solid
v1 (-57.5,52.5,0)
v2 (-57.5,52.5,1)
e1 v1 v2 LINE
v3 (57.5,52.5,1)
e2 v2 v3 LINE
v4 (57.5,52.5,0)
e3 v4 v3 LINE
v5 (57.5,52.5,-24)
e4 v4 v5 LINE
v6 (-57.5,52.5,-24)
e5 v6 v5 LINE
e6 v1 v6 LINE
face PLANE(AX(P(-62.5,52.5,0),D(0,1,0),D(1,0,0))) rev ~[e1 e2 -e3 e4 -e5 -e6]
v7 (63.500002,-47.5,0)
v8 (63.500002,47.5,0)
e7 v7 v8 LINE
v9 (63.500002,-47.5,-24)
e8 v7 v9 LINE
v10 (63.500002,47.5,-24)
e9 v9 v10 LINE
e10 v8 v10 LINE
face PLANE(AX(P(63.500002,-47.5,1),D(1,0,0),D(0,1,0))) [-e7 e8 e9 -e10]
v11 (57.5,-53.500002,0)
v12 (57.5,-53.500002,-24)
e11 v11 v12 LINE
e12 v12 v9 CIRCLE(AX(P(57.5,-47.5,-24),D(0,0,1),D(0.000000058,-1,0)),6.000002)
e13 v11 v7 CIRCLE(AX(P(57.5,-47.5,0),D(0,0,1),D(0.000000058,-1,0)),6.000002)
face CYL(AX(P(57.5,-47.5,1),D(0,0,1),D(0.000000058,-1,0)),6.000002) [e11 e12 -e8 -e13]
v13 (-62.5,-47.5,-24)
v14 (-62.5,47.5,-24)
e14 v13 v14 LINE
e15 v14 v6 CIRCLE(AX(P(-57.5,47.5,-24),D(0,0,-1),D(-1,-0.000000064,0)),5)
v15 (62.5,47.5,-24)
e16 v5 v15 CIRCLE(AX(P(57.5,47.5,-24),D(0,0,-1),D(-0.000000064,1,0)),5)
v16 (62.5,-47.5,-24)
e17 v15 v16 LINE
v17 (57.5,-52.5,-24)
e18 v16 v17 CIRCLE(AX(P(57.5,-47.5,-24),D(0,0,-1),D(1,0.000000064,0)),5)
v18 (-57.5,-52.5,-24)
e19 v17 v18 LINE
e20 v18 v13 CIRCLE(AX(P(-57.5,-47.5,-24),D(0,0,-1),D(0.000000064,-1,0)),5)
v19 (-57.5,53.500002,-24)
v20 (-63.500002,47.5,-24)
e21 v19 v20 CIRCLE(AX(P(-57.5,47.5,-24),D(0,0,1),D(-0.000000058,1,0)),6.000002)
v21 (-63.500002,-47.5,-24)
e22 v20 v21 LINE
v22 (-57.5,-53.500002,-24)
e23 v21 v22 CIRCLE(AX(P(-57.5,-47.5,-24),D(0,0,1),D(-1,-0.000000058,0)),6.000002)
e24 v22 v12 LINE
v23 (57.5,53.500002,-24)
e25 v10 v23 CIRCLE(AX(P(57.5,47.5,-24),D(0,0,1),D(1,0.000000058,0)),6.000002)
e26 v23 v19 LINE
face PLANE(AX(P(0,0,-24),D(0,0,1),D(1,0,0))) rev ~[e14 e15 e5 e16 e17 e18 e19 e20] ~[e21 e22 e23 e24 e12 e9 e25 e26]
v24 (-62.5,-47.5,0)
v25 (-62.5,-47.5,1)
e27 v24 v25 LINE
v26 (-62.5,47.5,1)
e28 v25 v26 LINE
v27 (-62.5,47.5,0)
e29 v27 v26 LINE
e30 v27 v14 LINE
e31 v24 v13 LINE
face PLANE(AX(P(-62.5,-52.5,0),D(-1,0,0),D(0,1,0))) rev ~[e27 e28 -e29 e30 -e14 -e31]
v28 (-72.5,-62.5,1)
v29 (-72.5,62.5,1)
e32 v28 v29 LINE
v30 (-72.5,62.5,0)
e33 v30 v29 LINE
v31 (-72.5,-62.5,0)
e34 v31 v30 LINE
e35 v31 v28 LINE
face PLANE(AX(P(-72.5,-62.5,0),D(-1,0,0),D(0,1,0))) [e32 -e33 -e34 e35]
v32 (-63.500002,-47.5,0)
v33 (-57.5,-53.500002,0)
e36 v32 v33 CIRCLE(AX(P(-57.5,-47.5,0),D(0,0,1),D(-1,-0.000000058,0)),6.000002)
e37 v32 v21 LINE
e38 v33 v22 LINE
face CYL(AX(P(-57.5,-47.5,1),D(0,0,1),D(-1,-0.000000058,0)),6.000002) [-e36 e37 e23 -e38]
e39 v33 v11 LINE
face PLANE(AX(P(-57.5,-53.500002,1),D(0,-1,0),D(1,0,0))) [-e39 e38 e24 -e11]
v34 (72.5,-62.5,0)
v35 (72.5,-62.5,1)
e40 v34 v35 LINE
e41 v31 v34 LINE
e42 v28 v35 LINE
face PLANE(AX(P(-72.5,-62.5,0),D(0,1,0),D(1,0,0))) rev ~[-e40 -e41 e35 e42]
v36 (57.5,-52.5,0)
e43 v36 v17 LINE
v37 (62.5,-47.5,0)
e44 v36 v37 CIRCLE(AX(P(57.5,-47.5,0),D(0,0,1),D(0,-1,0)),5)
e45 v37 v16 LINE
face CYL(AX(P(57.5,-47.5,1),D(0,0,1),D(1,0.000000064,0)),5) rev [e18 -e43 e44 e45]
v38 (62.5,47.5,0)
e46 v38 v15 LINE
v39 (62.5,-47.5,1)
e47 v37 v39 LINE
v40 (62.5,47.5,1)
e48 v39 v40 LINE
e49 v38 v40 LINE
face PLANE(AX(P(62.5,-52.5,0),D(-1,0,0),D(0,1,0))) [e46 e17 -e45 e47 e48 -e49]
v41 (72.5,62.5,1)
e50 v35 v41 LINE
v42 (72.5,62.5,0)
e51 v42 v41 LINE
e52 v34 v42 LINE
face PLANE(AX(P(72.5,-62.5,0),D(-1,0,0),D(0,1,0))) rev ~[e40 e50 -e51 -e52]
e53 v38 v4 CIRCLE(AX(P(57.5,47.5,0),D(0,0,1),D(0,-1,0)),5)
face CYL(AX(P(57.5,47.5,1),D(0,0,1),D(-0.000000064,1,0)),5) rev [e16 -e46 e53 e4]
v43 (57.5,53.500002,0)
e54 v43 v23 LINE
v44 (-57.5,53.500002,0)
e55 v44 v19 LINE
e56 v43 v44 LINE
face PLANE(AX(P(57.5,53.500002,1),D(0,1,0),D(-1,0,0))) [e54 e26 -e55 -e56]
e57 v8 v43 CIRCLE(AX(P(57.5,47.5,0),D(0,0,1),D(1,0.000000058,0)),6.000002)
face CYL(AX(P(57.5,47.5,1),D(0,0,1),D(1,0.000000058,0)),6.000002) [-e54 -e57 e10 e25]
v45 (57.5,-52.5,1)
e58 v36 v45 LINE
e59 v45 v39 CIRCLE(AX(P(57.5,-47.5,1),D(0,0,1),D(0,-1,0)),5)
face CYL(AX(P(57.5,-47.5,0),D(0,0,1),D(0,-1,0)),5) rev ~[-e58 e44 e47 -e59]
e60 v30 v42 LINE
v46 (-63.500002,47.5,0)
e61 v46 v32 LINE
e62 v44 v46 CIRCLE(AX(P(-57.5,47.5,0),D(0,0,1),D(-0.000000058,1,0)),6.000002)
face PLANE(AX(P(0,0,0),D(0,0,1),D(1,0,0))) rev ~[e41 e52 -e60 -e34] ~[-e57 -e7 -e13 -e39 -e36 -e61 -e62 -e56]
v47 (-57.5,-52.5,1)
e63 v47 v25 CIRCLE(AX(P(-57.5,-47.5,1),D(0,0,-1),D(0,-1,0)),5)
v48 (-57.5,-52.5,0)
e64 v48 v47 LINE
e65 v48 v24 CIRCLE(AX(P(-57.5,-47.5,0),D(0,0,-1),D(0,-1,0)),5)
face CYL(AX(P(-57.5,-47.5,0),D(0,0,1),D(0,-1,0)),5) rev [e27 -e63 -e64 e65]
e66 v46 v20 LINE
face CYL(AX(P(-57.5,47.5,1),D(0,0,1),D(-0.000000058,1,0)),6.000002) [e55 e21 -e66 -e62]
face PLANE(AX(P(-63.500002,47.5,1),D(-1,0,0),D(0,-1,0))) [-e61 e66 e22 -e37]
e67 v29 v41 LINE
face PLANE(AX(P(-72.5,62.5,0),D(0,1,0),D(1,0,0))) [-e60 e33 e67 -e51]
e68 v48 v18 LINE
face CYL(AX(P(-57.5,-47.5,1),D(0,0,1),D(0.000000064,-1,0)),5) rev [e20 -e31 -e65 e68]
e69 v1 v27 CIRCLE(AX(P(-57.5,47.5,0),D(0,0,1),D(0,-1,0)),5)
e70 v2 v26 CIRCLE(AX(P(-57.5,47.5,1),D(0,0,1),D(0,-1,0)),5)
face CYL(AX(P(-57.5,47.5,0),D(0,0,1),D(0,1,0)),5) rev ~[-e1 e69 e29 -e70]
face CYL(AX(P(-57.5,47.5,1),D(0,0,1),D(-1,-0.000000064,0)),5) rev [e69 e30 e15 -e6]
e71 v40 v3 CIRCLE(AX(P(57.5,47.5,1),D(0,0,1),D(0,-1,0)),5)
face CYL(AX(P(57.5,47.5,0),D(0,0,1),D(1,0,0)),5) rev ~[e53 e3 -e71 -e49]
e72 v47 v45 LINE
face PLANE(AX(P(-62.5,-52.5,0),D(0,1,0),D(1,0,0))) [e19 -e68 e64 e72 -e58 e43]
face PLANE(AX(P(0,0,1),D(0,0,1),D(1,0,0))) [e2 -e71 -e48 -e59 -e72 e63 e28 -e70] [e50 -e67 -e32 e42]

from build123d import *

# Parameters (mm, degrees)
F0_W     = 145
F0_H     = 125
F0_W_2   = 125
F0_H_2   = 105
F1_DEPTH = 1
F2_R     = 5
F4_DEPTH = 25


with BuildPart() as f1:
    # F0 (on Top) → F1 (new body)
    with BuildSketch(Plane.XY):
        Rectangle(F0_W, F0_H)
        Rectangle(F0_W_2, F0_H_2, mode=Mode.SUBTRACT)
    extrude(amount=F1_DEPTH)

    # F2
    f2_edges = [f1.edges().sort_by_distance(p)[0] for p in [
        (-62.5, 52.5, 0.5),
        (-62.5, -52.5, 0.5),
        (62.5, -52.5, 0.5),
        (62.5, 52.5, 0.5),
    ]]
    fillet(f2_edges, radius=F2_R)

    # F3 (on face) → F4 (join)
    with BuildSketch(Plane.XY.offset(1)):
        with BuildLine():
            ThreePointArc((-57.5, 53.500002), (-61.742642, 51.742642), (-63.500002, 47.5))
            Line((-63.500002, 47.5), (-63.500002, -47.5))
            ThreePointArc((-63.500002, -47.5), (-61.742642, -51.742642), (-57.5, -53.500002))
            Line((-57.5, -53.500002), (57.5, -53.500002))
            ThreePointArc((57.5, -53.500002), (61.742642, -51.742642), (63.500002, -47.5))
            Line((63.500002, -47.5), (63.500002, 47.5))
            ThreePointArc((63.500002, 47.5), (61.742642, 51.742642), (57.5, 53.500002))
            Line((57.5, 53.500002), (-57.5, 53.500002))
        make_face()
        with BuildLine():
            ThreePointArc((-57.5, -52.5), (-61.035534, -51.035534), (-62.5, -47.5))
            Line((-62.5, -47.5), (-62.5, 47.5))
            ThreePointArc((-62.5, 47.5), (-61.035534, 51.035534), (-57.5, 52.5))
            Line((-57.5, 52.5), (57.5, 52.5))
            ThreePointArc((57.5, 52.5), (61.035534, 51.035534), (62.5, 47.5))
            Line((62.5, 47.5), (62.5, -47.5))
            ThreePointArc((62.5, -47.5), (61.035534, -51.035534), (57.5, -52.5))
            Line((57.5, -52.5), (-57.5, -52.5))
        make_face(mode=Mode.SUBTRACT)
    extrude(amount=-F4_DEPTH)


solid = f1.part
